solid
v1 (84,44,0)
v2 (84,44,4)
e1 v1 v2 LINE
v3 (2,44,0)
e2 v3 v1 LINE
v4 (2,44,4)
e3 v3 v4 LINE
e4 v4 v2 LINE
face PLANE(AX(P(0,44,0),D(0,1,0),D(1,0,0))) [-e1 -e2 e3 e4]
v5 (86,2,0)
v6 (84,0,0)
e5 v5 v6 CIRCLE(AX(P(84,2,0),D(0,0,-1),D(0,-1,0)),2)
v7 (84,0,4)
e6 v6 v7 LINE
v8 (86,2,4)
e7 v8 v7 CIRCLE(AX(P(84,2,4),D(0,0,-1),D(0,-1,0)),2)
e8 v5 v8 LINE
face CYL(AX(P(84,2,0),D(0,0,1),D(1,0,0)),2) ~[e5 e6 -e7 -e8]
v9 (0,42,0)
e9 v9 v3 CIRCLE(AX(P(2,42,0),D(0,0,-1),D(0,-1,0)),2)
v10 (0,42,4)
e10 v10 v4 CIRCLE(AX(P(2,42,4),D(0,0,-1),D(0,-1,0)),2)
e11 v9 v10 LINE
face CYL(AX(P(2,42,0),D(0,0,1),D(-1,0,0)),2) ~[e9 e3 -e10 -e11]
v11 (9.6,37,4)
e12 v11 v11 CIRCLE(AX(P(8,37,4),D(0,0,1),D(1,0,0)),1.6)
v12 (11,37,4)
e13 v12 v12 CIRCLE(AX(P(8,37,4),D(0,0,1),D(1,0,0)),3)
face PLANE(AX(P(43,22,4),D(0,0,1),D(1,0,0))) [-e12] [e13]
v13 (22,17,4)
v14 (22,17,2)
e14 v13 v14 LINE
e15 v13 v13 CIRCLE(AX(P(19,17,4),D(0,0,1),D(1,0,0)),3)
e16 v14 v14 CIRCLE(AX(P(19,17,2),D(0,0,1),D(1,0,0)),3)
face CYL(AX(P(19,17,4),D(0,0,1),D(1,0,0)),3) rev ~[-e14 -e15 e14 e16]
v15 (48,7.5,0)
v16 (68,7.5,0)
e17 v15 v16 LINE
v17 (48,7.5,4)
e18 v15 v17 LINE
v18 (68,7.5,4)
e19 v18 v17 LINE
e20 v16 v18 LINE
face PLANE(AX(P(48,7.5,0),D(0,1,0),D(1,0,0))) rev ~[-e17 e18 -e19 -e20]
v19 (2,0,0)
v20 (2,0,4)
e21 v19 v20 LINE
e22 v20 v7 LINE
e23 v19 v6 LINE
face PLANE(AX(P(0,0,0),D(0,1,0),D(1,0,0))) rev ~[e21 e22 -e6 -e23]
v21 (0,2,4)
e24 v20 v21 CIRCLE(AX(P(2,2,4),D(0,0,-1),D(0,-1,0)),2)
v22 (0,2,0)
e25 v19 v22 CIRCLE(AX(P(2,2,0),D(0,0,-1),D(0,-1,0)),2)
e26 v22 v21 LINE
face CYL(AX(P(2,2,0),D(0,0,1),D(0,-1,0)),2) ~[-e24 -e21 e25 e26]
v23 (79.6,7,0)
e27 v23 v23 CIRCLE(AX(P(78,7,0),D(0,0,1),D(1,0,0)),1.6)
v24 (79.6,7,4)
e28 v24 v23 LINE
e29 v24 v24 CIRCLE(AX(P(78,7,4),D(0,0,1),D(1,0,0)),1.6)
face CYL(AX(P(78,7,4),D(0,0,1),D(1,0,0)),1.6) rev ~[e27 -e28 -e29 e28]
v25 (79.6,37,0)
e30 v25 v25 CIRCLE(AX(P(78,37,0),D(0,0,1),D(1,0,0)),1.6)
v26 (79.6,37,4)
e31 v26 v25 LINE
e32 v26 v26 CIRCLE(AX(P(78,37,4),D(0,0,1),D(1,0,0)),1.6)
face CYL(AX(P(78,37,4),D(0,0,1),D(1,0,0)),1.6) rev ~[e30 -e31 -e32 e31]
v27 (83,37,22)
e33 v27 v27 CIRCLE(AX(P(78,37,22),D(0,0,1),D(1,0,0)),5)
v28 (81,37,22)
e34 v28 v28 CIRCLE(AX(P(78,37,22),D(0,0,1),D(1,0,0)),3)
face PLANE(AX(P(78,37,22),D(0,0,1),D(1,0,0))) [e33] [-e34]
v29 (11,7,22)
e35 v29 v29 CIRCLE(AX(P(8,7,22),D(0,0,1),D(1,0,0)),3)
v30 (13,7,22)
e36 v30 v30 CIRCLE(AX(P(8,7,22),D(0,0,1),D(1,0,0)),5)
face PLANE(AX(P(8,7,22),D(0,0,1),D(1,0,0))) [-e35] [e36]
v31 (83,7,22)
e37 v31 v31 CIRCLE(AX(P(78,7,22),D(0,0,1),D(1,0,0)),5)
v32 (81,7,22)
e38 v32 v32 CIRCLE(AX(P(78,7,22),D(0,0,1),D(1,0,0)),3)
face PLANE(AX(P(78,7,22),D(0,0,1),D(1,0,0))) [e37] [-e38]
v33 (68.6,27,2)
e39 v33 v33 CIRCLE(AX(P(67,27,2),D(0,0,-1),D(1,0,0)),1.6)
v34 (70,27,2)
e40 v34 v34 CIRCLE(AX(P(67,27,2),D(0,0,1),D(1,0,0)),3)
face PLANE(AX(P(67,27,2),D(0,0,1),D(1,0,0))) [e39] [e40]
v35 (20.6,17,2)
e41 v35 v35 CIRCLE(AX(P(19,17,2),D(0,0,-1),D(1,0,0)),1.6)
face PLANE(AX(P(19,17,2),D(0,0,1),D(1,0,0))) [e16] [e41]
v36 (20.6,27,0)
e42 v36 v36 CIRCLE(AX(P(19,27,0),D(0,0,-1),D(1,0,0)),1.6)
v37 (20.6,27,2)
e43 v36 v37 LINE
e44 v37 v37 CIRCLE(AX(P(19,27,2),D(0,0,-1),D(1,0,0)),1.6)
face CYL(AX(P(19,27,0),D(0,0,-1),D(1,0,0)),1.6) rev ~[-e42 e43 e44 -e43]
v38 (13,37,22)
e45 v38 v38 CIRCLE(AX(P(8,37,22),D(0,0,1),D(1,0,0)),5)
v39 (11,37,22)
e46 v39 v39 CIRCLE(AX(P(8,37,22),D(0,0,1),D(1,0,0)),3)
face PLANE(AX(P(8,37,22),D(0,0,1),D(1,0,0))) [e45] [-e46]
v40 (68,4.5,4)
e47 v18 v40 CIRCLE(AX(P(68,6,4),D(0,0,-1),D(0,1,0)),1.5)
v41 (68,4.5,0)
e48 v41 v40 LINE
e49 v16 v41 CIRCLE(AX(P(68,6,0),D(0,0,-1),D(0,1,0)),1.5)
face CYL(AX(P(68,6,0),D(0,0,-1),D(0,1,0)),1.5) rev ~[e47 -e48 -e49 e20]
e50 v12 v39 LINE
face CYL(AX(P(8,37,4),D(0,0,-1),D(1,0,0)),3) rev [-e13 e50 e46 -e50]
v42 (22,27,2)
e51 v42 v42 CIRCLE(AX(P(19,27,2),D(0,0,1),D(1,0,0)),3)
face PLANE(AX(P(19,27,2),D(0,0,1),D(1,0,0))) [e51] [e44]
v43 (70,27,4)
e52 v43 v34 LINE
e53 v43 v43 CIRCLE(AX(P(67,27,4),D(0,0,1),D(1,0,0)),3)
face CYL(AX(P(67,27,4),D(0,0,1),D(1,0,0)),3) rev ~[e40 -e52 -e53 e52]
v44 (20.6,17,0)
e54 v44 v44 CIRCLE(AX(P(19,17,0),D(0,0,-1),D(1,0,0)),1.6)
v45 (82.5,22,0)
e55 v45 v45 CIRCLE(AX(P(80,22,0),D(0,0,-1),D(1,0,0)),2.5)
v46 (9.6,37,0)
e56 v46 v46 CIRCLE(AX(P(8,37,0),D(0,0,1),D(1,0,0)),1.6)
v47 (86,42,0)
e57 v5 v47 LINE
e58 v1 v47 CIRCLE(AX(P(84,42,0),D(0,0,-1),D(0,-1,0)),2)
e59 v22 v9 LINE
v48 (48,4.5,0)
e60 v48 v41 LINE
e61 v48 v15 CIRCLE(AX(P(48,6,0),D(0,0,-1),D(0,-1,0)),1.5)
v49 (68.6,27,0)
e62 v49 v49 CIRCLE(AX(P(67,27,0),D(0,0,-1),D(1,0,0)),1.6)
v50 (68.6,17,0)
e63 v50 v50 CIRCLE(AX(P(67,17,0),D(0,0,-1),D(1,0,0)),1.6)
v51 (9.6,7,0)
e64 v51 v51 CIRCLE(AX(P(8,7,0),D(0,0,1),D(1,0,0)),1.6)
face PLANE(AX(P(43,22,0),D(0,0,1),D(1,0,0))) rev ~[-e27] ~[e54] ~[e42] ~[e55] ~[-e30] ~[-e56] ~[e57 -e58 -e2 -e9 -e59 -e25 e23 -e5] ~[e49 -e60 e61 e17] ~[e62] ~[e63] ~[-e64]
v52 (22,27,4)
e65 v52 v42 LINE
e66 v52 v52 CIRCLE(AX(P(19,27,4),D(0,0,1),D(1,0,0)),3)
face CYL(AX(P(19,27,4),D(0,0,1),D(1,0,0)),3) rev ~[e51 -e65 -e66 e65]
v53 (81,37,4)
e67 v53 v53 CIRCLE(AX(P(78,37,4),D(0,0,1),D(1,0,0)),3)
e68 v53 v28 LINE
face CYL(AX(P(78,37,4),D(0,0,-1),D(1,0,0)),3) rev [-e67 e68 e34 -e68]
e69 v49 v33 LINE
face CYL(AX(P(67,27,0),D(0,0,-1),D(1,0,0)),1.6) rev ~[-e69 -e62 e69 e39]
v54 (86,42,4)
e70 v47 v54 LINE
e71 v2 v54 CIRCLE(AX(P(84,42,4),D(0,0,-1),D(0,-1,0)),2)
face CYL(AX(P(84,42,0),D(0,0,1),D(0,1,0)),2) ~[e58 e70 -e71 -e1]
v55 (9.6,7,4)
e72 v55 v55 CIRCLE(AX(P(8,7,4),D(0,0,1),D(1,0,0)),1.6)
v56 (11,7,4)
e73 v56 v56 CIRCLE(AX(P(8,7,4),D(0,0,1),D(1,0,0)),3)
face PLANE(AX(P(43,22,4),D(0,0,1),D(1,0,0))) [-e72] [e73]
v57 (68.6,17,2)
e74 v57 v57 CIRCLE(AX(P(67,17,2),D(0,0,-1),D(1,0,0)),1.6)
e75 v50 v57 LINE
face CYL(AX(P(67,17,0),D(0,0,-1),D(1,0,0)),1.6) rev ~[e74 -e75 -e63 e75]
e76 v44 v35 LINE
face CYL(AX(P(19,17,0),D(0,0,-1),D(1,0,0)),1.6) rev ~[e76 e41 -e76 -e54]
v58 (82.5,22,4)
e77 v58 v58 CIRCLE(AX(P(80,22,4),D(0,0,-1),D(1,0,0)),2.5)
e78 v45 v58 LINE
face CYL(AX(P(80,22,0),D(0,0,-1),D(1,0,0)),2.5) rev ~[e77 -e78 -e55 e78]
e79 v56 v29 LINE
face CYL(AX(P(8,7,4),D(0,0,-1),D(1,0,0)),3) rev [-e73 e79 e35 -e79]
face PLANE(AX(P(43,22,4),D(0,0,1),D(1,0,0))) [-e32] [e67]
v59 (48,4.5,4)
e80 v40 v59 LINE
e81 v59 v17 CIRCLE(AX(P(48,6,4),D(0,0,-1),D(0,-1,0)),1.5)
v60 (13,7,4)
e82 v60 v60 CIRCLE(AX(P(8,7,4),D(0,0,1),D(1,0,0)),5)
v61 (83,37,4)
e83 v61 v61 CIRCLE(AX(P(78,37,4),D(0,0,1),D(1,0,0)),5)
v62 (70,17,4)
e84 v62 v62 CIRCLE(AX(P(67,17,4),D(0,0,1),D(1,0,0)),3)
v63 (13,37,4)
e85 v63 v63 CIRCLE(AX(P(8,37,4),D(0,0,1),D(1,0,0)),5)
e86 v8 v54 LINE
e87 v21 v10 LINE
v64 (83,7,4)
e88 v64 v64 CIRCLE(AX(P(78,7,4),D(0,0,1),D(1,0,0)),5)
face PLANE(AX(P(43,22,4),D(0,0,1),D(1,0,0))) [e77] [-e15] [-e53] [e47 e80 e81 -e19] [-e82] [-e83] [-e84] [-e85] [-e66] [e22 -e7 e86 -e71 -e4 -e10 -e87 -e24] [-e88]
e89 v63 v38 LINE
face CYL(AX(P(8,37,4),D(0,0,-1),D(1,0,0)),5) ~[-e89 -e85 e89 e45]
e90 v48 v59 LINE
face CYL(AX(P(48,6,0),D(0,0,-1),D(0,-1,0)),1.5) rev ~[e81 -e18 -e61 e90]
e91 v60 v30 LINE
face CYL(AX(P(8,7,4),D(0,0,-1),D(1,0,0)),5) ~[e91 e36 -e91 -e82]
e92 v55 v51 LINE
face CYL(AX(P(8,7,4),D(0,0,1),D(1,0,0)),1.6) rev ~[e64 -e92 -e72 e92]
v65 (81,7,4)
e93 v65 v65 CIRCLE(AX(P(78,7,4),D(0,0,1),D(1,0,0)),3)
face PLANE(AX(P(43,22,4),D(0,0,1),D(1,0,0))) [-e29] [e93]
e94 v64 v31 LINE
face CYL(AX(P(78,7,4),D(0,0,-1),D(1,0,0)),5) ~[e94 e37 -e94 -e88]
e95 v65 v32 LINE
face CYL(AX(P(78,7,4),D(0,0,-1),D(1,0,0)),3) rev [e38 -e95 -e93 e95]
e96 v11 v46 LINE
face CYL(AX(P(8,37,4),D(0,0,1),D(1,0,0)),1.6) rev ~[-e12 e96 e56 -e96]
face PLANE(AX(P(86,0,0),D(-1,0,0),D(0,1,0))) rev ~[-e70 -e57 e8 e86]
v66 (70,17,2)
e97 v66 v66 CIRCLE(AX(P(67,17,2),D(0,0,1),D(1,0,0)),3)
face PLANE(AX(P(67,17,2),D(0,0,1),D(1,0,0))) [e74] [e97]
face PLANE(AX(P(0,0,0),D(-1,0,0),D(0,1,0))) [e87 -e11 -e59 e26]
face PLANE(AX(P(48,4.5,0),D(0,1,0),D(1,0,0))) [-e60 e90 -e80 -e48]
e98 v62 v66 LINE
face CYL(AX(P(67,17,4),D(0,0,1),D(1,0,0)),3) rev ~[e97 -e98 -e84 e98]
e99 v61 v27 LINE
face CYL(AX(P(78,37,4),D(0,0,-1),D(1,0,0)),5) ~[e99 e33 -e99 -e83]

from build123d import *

# Parameters (mm, degrees)
SKETCH_W        = 86
SKETCH_H        = 44
PAD_DEPTH       = 4
SKETCH001_R     = 1.6
POCKET_DEPTH    = 5
SKETCH002_R     = 5
SKETCH002_R_2   = 3
PAD001_DEPTH    = 18
SKETCH003_R     = 1.6
POCKET001_DEPTH = 5
SKETCH004_R     = 3
POCKET002_DEPTH = 2
FILLET_R        = 2
FILLET001_R     = 2
FILLET002_R     = 2
FILLET003_R     = 2
SKETCH006_R     = 2.5
POCKET003_DEPTH = 5


with BuildPart() as part:
    # Sketch → Pad (new body)
    with BuildSketch(Plane.XY):
        with Locations((43, 22)):
            Rectangle(SKETCH_W, SKETCH_H)
    extrude(amount=PAD_DEPTH)

    # Sketch001 → Pocket (cut)
    with BuildSketch(Plane.XY.offset(4)):
        with Locations((8, 37)):
            Circle(SKETCH001_R)
        with Locations((8, 7)):
            Circle(SKETCH001_R)
        with Locations((78, 37)):
            Circle(SKETCH001_R)
        with Locations((78, 7)):
            Circle(SKETCH001_R)
    extrude(amount=-POCKET_DEPTH, mode=Mode.SUBTRACT)

    # Sketch002 → Pad001 (new body)
    with BuildSketch(Plane.XY.offset(4)):
        with Locations((8, 7)):
            Circle(SKETCH002_R)
        with Locations((8, 7)):
            Circle(SKETCH002_R_2, mode=Mode.SUBTRACT)
        with Locations((8, 37)):
            Circle(SKETCH002_R)
        with Locations((8, 37)):
            Circle(SKETCH002_R_2, mode=Mode.SUBTRACT)
        with Locations((78, 37)):
            Circle(SKETCH002_R)
        with Locations((78, 37)):
            Circle(SKETCH002_R_2, mode=Mode.SUBTRACT)
        with Locations((78, 7)):
            Circle(SKETCH002_R)
        with Locations((78, 7)):
            Circle(SKETCH002_R_2, mode=Mode.SUBTRACT)
    extrude(amount=PAD001_DEPTH)

    # Sketch003 → Pocket001 (cut)
    with BuildSketch(Plane(origin=(0, 0, 0), x_dir=(1, 0, 0), z_dir=(0, 0, -1))):
        with Locations((19, -17)):
            Circle(SKETCH003_R)
        with Locations((67, -17)):
            Circle(SKETCH003_R)
        with Locations((67, -27)):
            Circle(SKETCH003_R)
        with Locations((19, -27)):
            Circle(SKETCH003_R)
    extrude(amount=-POCKET001_DEPTH, mode=Mode.SUBTRACT)

    # Sketch004 → Pocket002 (cut)
    with BuildSketch(Plane.XY.offset(4)):
        with Locations((19, 27)):
            Circle(SKETCH004_R)
        with Locations((19, 17)):
            Circle(SKETCH004_R)
        with Locations((67, 27)):
            Circle(SKETCH004_R)
        with Locations((67, 17)):
            Circle(SKETCH004_R)
    extrude(amount=-POCKET002_DEPTH, mode=Mode.SUBTRACT)

    # Fillet
    fillet_edges = [part.edges().sort_by_distance(p)[0] for p in [
        (86, 44, 2),
    ]]
    fillet(fillet_edges, radius=FILLET_R)

    # Fillet001
    fillet001_edges = [part.edges().sort_by_distance(p)[0] for p in [
        (86, 0, 2),
    ]]
    fillet(fillet001_edges, radius=FILLET001_R)

    # Fillet002
    fillet002_edges = [part.edges().sort_by_distance(p)[0] for p in [
        (0, 0, 2),
    ]]
    fillet(fillet002_edges, radius=FILLET002_R)

    # Fillet003
    fillet003_edges = [part.edges().sort_by_distance(p)[0] for p in [
        (0, 44, 2),
    ]]
    fillet(fillet003_edges, radius=FILLET003_R)

    # Sketch006 → Pocket003 (cut)
    with BuildSketch(Plane(origin=(0, 0, 0), x_dir=(1, 0, 0), z_dir=(0, 0, -1))):
        with Locations((80, -22)):
            Circle(SKETCH006_R)
        with BuildLine():
            ThreePointArc((48, -4.5), (46.5, -6), (48, -7.5))
            Line((48, -7.5), (68, -7.5))
            ThreePointArc((68, -7.5), (69.5, -6), (68, -4.5))
            Line((48, -4.5), (68, -4.5))
        make_face()
    extrude(amount=-POCKET003_DEPTH, mode=Mode.SUBTRACT)


solid = part.part
